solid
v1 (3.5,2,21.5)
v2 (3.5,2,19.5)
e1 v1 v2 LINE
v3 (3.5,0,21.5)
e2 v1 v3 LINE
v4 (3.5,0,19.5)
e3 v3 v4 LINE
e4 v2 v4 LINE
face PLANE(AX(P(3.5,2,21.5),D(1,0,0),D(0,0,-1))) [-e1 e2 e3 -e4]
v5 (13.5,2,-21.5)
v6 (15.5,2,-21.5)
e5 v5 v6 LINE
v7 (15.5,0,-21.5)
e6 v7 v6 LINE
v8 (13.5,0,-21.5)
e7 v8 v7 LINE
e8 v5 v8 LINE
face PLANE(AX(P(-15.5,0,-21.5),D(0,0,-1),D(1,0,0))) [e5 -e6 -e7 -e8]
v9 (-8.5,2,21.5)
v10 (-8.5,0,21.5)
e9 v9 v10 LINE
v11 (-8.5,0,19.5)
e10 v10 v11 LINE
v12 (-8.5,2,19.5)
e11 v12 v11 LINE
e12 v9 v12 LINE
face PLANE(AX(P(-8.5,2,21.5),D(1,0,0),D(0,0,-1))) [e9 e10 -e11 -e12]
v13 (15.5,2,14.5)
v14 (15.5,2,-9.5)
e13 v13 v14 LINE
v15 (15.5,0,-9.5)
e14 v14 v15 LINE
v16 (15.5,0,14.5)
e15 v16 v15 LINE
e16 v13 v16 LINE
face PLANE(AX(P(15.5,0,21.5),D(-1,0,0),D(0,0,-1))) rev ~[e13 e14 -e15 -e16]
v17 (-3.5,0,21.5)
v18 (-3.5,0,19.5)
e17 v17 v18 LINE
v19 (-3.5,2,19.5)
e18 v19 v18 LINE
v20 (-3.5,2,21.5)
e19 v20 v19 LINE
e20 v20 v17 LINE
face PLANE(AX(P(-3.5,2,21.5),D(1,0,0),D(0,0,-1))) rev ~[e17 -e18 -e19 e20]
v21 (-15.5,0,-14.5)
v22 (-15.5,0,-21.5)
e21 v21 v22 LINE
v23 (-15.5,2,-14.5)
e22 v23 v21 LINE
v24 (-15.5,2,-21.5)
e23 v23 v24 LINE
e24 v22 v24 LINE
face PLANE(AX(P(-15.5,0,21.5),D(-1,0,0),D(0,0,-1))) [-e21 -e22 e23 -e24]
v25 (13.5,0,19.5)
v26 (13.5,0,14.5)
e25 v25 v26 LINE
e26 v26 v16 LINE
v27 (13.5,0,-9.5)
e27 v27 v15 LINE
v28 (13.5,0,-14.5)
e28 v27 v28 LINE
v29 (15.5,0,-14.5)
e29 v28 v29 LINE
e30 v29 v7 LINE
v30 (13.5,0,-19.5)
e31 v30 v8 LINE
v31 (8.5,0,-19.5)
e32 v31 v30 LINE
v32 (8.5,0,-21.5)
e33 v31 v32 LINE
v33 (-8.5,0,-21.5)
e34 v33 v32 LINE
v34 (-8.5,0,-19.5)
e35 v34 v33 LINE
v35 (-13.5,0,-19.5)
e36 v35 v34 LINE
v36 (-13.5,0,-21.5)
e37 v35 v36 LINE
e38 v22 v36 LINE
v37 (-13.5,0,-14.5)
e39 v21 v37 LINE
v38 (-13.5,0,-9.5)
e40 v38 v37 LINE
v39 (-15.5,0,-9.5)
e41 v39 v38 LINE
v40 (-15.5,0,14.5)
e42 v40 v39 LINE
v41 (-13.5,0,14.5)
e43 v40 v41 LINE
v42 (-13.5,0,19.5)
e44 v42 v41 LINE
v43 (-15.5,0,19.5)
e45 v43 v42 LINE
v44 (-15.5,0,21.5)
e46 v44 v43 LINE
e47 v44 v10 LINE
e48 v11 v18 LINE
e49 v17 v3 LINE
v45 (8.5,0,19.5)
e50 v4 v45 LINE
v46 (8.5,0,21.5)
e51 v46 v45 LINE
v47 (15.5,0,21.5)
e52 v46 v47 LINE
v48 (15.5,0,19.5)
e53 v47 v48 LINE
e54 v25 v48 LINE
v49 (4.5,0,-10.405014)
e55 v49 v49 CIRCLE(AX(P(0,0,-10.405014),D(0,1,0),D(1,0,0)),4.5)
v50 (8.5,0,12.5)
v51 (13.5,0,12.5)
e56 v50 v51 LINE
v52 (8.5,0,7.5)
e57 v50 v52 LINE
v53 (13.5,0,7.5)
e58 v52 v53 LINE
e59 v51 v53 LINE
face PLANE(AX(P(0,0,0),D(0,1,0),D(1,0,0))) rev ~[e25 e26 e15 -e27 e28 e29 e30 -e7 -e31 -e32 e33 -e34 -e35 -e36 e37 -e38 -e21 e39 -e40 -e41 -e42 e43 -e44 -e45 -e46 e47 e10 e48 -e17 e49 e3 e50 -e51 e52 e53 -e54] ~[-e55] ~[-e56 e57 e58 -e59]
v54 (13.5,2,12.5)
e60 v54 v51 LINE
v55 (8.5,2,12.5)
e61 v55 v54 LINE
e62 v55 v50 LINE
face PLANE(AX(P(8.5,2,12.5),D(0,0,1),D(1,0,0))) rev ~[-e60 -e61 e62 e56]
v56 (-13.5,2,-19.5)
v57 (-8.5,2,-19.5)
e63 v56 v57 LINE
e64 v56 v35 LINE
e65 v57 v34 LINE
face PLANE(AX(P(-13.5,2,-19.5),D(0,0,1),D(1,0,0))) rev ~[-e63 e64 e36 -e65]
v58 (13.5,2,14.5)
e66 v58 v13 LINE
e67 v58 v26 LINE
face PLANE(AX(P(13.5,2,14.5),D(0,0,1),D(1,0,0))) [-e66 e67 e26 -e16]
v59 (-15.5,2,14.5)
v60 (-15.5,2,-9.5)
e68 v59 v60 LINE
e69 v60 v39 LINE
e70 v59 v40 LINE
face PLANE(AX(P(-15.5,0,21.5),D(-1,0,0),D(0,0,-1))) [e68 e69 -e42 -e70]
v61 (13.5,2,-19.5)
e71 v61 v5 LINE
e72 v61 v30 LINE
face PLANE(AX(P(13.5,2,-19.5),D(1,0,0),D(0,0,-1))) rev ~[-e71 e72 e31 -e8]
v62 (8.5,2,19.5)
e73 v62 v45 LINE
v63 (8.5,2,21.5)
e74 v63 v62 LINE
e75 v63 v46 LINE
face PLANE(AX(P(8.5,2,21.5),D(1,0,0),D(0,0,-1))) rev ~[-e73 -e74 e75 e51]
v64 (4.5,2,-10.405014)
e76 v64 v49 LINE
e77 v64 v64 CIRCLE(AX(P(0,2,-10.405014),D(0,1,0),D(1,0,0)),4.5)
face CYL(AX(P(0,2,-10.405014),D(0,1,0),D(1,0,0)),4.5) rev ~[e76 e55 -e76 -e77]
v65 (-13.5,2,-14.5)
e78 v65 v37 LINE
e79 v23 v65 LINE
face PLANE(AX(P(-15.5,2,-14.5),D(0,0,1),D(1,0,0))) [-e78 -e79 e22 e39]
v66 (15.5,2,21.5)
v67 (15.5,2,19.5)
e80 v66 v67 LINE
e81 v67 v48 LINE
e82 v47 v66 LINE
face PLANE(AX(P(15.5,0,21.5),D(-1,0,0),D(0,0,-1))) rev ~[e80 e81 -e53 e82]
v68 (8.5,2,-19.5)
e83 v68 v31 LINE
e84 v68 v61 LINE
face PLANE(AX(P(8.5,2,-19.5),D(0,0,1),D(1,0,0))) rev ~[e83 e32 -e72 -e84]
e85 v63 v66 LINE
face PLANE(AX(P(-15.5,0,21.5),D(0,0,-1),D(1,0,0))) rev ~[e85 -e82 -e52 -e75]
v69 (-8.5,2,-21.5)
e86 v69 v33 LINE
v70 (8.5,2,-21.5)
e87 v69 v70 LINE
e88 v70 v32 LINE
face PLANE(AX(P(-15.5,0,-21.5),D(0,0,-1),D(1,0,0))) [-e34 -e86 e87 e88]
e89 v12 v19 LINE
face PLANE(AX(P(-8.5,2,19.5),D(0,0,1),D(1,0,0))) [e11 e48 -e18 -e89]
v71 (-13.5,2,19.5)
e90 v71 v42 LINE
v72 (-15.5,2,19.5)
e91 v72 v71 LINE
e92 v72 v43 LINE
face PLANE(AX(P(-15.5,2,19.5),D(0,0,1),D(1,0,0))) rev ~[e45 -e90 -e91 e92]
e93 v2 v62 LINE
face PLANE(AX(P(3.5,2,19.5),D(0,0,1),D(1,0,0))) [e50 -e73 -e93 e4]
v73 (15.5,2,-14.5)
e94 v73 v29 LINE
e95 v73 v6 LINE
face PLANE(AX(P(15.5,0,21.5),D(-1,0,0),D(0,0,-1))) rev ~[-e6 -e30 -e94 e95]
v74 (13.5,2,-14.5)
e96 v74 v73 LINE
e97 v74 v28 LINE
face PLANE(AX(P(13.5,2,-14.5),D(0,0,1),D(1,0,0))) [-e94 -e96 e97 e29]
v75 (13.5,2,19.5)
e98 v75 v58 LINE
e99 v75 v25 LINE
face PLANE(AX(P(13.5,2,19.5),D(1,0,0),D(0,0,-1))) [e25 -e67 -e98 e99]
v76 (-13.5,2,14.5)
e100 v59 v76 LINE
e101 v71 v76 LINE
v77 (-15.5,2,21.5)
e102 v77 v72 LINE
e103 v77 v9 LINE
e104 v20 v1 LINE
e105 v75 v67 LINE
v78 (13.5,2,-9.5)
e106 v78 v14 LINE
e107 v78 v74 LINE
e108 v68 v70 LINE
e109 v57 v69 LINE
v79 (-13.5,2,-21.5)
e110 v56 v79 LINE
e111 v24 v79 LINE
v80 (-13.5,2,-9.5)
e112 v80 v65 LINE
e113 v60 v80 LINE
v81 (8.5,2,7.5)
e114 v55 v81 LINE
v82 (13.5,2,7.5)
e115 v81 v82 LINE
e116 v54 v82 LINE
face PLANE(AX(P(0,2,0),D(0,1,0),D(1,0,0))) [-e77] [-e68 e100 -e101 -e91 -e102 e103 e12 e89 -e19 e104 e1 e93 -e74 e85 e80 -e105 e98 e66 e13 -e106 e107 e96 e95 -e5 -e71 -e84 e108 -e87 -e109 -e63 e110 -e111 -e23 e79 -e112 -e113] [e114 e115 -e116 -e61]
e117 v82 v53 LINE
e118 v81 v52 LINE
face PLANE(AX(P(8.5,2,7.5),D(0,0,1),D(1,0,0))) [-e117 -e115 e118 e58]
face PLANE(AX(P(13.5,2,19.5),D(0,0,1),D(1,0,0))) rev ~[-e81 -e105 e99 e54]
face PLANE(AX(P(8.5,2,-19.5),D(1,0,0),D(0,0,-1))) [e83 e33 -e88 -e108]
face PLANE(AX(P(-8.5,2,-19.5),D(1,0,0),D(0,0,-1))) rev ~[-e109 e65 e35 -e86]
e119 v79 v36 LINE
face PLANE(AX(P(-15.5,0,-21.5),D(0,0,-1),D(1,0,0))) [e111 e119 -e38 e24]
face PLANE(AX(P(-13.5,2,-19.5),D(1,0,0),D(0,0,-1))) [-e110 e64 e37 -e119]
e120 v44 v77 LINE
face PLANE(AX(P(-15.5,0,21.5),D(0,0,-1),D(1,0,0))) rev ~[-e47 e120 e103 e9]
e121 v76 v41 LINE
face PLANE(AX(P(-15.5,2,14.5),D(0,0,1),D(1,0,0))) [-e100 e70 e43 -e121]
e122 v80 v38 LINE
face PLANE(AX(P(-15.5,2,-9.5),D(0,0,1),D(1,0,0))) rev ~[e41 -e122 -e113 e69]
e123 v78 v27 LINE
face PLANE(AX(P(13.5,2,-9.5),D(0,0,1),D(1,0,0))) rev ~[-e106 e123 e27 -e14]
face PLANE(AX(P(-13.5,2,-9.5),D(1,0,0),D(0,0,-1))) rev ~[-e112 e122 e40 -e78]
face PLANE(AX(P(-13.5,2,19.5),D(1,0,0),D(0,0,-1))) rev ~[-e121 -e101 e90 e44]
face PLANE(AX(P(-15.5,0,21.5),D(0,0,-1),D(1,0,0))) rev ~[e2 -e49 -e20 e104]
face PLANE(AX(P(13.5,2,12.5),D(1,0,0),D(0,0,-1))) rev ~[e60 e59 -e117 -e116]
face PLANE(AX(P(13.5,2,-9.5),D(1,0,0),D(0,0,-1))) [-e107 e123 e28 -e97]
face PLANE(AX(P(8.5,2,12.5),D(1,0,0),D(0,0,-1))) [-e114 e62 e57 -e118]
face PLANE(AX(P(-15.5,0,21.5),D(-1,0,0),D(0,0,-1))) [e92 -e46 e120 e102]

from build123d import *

# Parameters (mm, degrees)
SKETCH1_W           = 31
SKETCH1_H           = 43
BOSS_EXTRUDE1_DEPTH = 2
SKETCH2_W           = 5
SKETCH2_H           = 2
CUT_EXTRUDE1_DEPTH  = 2
SKETCH3_R           = 4.5
SKETCH3_W           = 5
SKETCH3_H           = 5
SKETCH3_W_2         = 2
SKETCH3_H_2         = 2
CUT_EXTRUDE2_DEPTH  = 2


with BuildPart() as part:
    # Sketch1 → Boss-Extrude1 (new body)
    with BuildSketch(Plane(origin=(0, 0, 0), x_dir=(1, 0, 0), z_dir=(0, 1, 0))):
        Rectangle(SKETCH1_W, SKETCH1_H)
    extrude(amount=BOSS_EXTRUDE1_DEPTH)

    # Sketch2 → Cut-Extrude1 (cut)
    with BuildSketch(Plane(origin=(0, 2, 0), x_dir=(1, 0, 0), z_dir=(0, 1, 0))):
        with Locations((11, 20.5)):
            Rectangle(SKETCH2_W, SKETCH2_H)
        with Locations((-11, 20.5)):
            Rectangle(SKETCH2_W, SKETCH2_H)
    extrude(amount=-CUT_EXTRUDE1_DEPTH, mode=Mode.SUBTRACT)

    # Sketch3 → Cut-Extrude2 (cut)
    with BuildSketch(Plane(origin=(0, 2, 0), x_dir=(1, 0, 0), z_dir=(0, 1, 0))):
        with Locations((0, 10.405013978)):
            Circle(SKETCH3_R)
        with Locations((11, -10)):
            Rectangle(SKETCH3_W, SKETCH3_H)
        with Locations((14.5, -17)):
            Rectangle(SKETCH3_W_2, SKETCH3_H)
        with Locations((6, -20.5)):
            Rectangle(SKETCH3_W, SKETCH3_H_2)
        with Locations((-14.5, -17)):
            Rectangle(SKETCH3_W_2, SKETCH3_H)
        with Locations((-6, -20.5)):
            Rectangle(SKETCH3_W, SKETCH3_H_2)
        with Locations((14.5, 12)):
            Rectangle(SKETCH3_W_2, SKETCH3_H)
        with Locations((-14.5, 12)):
            Rectangle(SKETCH3_W_2, SKETCH3_H)
    extrude(amount=-CUT_EXTRUDE2_DEPTH, mode=Mode.SUBTRACT)


solid = part.part
